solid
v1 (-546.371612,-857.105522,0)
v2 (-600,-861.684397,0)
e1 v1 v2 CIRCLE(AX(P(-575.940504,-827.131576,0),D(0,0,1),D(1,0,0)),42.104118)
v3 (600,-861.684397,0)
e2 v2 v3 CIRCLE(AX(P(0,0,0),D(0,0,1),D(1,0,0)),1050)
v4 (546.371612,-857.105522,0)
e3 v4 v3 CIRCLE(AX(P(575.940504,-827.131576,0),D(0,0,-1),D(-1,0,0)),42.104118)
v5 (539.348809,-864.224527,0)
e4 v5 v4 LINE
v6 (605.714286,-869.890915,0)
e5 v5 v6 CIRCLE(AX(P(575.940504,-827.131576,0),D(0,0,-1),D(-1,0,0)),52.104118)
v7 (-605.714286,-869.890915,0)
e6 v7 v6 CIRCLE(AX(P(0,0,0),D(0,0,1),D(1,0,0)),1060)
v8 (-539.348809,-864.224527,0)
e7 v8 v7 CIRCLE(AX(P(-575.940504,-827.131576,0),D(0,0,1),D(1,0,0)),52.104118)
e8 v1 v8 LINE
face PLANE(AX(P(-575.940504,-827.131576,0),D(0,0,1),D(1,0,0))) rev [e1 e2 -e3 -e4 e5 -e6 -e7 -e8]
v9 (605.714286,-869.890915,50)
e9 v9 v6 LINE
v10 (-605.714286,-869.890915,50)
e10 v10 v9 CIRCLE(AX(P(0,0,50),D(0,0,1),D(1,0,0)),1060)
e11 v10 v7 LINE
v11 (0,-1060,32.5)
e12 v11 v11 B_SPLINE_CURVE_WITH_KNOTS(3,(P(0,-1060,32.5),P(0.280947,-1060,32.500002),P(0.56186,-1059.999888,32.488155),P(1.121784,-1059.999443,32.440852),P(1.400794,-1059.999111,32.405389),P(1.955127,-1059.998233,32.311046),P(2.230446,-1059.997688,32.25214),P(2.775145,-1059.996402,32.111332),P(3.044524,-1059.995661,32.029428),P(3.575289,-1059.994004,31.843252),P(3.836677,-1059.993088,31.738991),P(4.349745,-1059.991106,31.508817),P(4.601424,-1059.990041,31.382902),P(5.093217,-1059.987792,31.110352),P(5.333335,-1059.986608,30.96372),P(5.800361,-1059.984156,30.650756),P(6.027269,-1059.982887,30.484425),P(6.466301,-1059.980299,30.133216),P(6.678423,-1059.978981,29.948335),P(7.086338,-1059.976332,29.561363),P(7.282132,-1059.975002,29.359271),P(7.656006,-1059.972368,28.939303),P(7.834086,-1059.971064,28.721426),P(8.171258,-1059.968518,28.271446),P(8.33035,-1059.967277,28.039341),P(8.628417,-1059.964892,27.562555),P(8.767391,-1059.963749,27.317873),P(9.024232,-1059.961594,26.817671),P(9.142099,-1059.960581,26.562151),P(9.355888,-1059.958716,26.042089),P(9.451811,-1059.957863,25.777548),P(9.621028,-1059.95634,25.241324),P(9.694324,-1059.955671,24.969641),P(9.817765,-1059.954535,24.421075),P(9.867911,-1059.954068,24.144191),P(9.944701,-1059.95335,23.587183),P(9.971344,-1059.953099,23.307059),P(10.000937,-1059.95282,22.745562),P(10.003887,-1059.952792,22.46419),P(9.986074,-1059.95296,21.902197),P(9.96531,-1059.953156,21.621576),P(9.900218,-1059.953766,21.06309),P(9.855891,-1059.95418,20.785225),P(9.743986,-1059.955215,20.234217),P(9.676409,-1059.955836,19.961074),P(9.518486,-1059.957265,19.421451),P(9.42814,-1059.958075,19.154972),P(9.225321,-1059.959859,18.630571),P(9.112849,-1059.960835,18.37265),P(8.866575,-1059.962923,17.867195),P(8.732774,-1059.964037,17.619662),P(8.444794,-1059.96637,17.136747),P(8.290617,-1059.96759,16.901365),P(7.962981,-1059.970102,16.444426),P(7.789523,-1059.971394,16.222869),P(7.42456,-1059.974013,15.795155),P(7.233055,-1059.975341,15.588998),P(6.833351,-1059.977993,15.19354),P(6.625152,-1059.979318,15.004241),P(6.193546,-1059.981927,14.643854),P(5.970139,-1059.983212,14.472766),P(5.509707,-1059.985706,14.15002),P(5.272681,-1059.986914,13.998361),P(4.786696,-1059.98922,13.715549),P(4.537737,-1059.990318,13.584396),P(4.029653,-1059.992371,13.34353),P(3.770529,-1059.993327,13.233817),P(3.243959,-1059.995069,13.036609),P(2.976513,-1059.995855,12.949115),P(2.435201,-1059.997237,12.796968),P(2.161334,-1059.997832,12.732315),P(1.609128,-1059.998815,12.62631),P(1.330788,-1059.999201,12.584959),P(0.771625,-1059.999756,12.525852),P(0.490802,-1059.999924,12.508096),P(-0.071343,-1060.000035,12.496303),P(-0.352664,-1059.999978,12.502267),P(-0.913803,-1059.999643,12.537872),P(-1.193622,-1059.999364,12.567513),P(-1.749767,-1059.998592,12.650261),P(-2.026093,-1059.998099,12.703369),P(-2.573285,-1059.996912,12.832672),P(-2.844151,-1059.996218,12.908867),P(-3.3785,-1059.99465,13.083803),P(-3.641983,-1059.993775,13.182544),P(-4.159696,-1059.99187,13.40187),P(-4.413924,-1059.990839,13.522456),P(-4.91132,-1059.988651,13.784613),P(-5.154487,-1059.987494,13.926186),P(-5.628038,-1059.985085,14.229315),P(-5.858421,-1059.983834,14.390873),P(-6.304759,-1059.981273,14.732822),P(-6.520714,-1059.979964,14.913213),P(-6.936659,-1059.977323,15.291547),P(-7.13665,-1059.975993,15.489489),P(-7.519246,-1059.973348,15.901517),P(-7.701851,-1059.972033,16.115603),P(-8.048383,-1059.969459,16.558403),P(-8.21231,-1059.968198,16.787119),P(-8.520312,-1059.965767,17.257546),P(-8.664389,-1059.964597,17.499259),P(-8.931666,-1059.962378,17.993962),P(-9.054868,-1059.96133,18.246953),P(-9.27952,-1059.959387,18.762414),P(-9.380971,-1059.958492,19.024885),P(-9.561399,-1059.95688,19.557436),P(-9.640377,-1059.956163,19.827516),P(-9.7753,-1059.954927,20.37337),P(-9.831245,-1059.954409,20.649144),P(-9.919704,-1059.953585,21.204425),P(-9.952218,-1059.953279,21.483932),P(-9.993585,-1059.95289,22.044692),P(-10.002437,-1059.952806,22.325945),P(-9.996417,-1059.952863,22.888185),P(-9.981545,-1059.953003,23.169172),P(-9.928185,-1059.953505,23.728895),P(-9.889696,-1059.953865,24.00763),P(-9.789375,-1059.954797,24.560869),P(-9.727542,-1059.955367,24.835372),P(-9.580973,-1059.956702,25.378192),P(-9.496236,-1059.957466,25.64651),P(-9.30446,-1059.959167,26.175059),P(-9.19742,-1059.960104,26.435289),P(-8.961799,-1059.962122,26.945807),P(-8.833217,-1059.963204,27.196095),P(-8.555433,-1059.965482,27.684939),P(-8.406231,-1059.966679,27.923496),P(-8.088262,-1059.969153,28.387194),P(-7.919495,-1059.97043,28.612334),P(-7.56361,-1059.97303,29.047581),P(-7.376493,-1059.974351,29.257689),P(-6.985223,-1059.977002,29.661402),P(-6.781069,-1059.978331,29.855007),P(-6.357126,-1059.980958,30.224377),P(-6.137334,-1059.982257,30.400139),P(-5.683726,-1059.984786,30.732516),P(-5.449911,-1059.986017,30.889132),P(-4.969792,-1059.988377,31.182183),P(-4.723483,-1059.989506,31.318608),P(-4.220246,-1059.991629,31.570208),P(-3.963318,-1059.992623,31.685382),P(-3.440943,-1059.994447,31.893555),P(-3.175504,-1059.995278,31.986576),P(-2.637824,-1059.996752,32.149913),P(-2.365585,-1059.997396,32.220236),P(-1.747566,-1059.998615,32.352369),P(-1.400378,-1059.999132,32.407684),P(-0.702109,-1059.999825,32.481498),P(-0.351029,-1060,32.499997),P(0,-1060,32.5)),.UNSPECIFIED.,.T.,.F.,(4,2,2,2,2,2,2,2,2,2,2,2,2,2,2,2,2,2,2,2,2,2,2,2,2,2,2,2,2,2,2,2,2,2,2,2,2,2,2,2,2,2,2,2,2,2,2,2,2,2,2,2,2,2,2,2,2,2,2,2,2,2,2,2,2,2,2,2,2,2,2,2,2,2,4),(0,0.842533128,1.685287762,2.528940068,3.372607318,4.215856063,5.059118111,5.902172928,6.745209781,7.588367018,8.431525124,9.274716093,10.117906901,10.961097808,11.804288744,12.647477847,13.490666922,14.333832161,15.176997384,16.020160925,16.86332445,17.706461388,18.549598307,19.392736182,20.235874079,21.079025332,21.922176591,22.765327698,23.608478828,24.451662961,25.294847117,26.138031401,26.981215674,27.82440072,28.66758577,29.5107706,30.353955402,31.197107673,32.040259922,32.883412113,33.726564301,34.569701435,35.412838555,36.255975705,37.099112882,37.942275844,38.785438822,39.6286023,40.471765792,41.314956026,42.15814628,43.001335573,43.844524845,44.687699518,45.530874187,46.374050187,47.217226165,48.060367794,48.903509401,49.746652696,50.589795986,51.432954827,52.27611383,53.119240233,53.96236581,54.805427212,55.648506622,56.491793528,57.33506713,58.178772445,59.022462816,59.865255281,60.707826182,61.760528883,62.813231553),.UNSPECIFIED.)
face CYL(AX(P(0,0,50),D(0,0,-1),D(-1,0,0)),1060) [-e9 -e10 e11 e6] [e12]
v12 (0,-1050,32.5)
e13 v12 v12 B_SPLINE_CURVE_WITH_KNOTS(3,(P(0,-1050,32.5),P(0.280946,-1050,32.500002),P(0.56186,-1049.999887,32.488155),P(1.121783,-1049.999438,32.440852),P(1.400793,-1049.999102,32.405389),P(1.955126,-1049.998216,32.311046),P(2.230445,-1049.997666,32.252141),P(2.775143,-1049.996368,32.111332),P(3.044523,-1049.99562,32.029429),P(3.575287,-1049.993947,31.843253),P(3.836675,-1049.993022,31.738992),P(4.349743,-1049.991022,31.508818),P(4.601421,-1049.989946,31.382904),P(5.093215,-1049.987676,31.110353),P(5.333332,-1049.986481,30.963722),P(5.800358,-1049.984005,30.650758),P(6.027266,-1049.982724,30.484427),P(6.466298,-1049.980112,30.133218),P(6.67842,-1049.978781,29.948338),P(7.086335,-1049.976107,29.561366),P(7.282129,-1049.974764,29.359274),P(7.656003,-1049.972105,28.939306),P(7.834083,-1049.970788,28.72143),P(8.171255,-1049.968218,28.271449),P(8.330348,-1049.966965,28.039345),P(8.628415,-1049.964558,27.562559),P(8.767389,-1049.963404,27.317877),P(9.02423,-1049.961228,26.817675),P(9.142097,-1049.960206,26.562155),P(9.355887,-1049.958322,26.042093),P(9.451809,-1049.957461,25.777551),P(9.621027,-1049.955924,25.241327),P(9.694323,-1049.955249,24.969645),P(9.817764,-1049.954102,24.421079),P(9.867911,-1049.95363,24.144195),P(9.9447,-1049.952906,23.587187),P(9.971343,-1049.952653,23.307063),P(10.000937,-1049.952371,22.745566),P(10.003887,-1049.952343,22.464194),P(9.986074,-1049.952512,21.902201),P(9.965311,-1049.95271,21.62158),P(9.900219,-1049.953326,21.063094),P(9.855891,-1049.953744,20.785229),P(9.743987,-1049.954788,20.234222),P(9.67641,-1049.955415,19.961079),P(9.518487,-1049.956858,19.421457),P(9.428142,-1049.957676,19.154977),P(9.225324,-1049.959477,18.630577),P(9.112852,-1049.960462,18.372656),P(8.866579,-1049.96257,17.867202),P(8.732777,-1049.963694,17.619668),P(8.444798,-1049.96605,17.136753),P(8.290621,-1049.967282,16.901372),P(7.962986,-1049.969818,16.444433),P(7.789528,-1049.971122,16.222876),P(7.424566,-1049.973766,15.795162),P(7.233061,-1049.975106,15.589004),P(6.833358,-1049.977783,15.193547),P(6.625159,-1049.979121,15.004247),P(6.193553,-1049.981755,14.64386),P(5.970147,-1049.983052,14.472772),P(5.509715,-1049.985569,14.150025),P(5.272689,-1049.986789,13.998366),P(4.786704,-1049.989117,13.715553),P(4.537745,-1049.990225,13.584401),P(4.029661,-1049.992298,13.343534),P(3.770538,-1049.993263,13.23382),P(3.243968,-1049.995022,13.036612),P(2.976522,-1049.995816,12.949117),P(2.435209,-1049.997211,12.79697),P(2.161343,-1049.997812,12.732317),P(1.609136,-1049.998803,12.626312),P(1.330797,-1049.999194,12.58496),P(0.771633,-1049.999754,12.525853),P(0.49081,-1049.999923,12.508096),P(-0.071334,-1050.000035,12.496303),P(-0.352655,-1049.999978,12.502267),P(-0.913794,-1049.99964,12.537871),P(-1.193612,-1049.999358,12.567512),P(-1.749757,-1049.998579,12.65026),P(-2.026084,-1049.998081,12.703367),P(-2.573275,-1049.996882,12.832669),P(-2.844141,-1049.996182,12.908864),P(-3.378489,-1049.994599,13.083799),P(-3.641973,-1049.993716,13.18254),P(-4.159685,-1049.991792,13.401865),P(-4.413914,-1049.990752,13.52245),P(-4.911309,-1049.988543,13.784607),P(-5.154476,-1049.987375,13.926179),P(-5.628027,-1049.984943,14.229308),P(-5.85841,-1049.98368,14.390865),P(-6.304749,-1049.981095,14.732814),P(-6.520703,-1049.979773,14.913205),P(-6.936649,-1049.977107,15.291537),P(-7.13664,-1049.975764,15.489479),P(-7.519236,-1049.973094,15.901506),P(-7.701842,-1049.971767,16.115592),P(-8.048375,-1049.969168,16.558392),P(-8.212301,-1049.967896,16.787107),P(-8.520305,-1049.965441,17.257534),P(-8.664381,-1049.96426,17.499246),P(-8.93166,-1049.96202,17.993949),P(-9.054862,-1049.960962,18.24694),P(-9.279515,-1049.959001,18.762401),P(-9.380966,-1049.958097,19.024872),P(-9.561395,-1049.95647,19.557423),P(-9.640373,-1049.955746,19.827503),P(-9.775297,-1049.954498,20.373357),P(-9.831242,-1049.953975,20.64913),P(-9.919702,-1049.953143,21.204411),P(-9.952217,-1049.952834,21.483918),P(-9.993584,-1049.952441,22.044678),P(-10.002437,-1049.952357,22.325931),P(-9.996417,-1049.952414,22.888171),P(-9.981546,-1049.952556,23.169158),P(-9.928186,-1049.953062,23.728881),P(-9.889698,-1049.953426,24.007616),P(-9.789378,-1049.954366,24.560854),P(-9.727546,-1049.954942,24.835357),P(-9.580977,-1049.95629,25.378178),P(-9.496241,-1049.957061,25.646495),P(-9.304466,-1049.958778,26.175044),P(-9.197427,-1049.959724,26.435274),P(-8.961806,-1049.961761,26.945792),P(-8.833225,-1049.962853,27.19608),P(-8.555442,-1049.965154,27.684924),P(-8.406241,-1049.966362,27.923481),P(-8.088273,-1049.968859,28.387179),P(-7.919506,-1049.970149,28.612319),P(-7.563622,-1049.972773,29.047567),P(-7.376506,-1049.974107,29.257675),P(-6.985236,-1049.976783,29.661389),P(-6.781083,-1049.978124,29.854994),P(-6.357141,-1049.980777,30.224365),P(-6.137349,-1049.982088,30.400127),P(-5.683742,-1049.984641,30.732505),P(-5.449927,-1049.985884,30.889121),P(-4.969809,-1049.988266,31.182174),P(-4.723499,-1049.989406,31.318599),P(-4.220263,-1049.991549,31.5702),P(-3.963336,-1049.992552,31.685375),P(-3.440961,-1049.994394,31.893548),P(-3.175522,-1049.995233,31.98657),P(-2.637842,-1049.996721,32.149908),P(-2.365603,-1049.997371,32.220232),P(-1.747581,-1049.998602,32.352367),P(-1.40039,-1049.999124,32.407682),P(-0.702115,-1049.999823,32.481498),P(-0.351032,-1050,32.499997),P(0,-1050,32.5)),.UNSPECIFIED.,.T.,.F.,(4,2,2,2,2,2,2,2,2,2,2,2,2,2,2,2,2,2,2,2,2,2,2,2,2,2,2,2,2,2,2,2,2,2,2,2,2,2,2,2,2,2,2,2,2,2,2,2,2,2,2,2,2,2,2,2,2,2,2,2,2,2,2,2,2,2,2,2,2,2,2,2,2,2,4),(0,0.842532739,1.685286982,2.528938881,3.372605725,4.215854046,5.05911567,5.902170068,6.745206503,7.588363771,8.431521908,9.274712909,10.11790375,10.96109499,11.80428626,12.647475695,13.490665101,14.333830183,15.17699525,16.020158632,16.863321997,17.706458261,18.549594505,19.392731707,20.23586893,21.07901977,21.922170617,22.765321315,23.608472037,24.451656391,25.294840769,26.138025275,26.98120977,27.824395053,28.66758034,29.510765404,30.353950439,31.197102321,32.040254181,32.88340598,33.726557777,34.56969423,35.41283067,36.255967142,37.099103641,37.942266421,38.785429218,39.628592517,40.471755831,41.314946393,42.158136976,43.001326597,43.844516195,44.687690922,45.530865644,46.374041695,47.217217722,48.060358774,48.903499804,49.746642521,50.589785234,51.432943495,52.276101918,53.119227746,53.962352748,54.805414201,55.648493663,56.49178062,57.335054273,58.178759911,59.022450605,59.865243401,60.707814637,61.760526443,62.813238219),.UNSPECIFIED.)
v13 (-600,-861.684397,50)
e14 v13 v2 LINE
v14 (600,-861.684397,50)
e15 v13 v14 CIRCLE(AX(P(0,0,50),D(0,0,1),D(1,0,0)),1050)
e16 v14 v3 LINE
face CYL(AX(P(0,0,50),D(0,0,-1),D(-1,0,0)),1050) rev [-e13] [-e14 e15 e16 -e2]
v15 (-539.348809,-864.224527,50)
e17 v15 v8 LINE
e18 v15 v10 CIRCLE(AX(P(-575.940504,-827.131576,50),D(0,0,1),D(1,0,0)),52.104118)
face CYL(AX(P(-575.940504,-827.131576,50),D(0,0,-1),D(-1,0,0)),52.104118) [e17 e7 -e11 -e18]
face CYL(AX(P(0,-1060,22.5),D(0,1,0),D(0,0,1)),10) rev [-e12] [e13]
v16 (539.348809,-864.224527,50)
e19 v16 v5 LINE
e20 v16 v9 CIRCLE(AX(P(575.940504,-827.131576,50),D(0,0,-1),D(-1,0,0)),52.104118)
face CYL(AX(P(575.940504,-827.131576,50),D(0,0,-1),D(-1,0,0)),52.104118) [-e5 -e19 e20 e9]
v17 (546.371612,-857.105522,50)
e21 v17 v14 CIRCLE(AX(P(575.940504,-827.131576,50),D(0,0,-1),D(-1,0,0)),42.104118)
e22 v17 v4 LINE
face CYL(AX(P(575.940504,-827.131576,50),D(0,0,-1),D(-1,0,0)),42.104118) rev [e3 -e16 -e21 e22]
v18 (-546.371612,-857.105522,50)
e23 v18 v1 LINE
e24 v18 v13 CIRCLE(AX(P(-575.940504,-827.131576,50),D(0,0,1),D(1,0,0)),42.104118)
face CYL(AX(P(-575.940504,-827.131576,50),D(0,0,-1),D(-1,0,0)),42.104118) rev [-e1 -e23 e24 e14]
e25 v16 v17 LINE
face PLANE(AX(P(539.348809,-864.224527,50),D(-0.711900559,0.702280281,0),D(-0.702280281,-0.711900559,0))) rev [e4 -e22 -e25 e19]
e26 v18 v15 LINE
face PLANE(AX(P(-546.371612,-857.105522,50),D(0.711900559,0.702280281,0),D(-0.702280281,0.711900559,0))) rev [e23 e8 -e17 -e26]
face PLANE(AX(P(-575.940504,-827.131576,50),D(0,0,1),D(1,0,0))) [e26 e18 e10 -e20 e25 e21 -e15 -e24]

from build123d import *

# Parameters (mm, degrees)
BOSS_EXTRUDE1_DEPTH = 50
SKETCH3_R           = 10
CUT_EXTRUDE1_DEPTH  = 1234.101799213


with BuildPart() as part:
    # Sketch1 → Boss-Extrude1 (new body)
    with BuildSketch(Plane.XY):
        with BuildLine():
            Line((-546.37161216, -857.105521629), (-539.348809346, -864.224527221))
            ThreePointArc((-539.348809346, -864.224527221), (-580.373107294, -775.216346142), (-605.714285714, -869.890915047))
            ThreePointArc((-605.714285714, -869.890915047), (0, -1060), (605.714285714, -869.890915047))
            ThreePointArc((605.714285714, -869.890915047), (580.373107294, -775.216346142), (539.348809346, -864.224527221))
            Line((539.348809346, -864.224527221), (546.37161216, -857.105521629))
            ThreePointArc((546.37161216, -857.105521629), (579.522386954, -785.180094177), (600, -861.684396981))
            ThreePointArc((600, -861.684396981), (0, -1050), (-600, -861.684396981))
            ThreePointArc((-600, -861.684396981), (-579.522386954, -785.180094177), (-546.37161216, -857.105521629))
        make_face()
    extrude(amount=BOSS_EXTRUDE1_DEPTH)

    # Sketch3 → Cut-Extrude1 (cut, through all)
    with BuildSketch(Plane(origin=(0, 0, 0), x_dir=(1, 0, 0), z_dir=(0, 1, 0))):
        with Locations(Location((0, -22.5, 0), (0, 0, 270))):
            Circle(SKETCH3_R)
    extrude(amount=-CUT_EXTRUDE1_DEPTH, mode=Mode.SUBTRACT)


solid = part.part
